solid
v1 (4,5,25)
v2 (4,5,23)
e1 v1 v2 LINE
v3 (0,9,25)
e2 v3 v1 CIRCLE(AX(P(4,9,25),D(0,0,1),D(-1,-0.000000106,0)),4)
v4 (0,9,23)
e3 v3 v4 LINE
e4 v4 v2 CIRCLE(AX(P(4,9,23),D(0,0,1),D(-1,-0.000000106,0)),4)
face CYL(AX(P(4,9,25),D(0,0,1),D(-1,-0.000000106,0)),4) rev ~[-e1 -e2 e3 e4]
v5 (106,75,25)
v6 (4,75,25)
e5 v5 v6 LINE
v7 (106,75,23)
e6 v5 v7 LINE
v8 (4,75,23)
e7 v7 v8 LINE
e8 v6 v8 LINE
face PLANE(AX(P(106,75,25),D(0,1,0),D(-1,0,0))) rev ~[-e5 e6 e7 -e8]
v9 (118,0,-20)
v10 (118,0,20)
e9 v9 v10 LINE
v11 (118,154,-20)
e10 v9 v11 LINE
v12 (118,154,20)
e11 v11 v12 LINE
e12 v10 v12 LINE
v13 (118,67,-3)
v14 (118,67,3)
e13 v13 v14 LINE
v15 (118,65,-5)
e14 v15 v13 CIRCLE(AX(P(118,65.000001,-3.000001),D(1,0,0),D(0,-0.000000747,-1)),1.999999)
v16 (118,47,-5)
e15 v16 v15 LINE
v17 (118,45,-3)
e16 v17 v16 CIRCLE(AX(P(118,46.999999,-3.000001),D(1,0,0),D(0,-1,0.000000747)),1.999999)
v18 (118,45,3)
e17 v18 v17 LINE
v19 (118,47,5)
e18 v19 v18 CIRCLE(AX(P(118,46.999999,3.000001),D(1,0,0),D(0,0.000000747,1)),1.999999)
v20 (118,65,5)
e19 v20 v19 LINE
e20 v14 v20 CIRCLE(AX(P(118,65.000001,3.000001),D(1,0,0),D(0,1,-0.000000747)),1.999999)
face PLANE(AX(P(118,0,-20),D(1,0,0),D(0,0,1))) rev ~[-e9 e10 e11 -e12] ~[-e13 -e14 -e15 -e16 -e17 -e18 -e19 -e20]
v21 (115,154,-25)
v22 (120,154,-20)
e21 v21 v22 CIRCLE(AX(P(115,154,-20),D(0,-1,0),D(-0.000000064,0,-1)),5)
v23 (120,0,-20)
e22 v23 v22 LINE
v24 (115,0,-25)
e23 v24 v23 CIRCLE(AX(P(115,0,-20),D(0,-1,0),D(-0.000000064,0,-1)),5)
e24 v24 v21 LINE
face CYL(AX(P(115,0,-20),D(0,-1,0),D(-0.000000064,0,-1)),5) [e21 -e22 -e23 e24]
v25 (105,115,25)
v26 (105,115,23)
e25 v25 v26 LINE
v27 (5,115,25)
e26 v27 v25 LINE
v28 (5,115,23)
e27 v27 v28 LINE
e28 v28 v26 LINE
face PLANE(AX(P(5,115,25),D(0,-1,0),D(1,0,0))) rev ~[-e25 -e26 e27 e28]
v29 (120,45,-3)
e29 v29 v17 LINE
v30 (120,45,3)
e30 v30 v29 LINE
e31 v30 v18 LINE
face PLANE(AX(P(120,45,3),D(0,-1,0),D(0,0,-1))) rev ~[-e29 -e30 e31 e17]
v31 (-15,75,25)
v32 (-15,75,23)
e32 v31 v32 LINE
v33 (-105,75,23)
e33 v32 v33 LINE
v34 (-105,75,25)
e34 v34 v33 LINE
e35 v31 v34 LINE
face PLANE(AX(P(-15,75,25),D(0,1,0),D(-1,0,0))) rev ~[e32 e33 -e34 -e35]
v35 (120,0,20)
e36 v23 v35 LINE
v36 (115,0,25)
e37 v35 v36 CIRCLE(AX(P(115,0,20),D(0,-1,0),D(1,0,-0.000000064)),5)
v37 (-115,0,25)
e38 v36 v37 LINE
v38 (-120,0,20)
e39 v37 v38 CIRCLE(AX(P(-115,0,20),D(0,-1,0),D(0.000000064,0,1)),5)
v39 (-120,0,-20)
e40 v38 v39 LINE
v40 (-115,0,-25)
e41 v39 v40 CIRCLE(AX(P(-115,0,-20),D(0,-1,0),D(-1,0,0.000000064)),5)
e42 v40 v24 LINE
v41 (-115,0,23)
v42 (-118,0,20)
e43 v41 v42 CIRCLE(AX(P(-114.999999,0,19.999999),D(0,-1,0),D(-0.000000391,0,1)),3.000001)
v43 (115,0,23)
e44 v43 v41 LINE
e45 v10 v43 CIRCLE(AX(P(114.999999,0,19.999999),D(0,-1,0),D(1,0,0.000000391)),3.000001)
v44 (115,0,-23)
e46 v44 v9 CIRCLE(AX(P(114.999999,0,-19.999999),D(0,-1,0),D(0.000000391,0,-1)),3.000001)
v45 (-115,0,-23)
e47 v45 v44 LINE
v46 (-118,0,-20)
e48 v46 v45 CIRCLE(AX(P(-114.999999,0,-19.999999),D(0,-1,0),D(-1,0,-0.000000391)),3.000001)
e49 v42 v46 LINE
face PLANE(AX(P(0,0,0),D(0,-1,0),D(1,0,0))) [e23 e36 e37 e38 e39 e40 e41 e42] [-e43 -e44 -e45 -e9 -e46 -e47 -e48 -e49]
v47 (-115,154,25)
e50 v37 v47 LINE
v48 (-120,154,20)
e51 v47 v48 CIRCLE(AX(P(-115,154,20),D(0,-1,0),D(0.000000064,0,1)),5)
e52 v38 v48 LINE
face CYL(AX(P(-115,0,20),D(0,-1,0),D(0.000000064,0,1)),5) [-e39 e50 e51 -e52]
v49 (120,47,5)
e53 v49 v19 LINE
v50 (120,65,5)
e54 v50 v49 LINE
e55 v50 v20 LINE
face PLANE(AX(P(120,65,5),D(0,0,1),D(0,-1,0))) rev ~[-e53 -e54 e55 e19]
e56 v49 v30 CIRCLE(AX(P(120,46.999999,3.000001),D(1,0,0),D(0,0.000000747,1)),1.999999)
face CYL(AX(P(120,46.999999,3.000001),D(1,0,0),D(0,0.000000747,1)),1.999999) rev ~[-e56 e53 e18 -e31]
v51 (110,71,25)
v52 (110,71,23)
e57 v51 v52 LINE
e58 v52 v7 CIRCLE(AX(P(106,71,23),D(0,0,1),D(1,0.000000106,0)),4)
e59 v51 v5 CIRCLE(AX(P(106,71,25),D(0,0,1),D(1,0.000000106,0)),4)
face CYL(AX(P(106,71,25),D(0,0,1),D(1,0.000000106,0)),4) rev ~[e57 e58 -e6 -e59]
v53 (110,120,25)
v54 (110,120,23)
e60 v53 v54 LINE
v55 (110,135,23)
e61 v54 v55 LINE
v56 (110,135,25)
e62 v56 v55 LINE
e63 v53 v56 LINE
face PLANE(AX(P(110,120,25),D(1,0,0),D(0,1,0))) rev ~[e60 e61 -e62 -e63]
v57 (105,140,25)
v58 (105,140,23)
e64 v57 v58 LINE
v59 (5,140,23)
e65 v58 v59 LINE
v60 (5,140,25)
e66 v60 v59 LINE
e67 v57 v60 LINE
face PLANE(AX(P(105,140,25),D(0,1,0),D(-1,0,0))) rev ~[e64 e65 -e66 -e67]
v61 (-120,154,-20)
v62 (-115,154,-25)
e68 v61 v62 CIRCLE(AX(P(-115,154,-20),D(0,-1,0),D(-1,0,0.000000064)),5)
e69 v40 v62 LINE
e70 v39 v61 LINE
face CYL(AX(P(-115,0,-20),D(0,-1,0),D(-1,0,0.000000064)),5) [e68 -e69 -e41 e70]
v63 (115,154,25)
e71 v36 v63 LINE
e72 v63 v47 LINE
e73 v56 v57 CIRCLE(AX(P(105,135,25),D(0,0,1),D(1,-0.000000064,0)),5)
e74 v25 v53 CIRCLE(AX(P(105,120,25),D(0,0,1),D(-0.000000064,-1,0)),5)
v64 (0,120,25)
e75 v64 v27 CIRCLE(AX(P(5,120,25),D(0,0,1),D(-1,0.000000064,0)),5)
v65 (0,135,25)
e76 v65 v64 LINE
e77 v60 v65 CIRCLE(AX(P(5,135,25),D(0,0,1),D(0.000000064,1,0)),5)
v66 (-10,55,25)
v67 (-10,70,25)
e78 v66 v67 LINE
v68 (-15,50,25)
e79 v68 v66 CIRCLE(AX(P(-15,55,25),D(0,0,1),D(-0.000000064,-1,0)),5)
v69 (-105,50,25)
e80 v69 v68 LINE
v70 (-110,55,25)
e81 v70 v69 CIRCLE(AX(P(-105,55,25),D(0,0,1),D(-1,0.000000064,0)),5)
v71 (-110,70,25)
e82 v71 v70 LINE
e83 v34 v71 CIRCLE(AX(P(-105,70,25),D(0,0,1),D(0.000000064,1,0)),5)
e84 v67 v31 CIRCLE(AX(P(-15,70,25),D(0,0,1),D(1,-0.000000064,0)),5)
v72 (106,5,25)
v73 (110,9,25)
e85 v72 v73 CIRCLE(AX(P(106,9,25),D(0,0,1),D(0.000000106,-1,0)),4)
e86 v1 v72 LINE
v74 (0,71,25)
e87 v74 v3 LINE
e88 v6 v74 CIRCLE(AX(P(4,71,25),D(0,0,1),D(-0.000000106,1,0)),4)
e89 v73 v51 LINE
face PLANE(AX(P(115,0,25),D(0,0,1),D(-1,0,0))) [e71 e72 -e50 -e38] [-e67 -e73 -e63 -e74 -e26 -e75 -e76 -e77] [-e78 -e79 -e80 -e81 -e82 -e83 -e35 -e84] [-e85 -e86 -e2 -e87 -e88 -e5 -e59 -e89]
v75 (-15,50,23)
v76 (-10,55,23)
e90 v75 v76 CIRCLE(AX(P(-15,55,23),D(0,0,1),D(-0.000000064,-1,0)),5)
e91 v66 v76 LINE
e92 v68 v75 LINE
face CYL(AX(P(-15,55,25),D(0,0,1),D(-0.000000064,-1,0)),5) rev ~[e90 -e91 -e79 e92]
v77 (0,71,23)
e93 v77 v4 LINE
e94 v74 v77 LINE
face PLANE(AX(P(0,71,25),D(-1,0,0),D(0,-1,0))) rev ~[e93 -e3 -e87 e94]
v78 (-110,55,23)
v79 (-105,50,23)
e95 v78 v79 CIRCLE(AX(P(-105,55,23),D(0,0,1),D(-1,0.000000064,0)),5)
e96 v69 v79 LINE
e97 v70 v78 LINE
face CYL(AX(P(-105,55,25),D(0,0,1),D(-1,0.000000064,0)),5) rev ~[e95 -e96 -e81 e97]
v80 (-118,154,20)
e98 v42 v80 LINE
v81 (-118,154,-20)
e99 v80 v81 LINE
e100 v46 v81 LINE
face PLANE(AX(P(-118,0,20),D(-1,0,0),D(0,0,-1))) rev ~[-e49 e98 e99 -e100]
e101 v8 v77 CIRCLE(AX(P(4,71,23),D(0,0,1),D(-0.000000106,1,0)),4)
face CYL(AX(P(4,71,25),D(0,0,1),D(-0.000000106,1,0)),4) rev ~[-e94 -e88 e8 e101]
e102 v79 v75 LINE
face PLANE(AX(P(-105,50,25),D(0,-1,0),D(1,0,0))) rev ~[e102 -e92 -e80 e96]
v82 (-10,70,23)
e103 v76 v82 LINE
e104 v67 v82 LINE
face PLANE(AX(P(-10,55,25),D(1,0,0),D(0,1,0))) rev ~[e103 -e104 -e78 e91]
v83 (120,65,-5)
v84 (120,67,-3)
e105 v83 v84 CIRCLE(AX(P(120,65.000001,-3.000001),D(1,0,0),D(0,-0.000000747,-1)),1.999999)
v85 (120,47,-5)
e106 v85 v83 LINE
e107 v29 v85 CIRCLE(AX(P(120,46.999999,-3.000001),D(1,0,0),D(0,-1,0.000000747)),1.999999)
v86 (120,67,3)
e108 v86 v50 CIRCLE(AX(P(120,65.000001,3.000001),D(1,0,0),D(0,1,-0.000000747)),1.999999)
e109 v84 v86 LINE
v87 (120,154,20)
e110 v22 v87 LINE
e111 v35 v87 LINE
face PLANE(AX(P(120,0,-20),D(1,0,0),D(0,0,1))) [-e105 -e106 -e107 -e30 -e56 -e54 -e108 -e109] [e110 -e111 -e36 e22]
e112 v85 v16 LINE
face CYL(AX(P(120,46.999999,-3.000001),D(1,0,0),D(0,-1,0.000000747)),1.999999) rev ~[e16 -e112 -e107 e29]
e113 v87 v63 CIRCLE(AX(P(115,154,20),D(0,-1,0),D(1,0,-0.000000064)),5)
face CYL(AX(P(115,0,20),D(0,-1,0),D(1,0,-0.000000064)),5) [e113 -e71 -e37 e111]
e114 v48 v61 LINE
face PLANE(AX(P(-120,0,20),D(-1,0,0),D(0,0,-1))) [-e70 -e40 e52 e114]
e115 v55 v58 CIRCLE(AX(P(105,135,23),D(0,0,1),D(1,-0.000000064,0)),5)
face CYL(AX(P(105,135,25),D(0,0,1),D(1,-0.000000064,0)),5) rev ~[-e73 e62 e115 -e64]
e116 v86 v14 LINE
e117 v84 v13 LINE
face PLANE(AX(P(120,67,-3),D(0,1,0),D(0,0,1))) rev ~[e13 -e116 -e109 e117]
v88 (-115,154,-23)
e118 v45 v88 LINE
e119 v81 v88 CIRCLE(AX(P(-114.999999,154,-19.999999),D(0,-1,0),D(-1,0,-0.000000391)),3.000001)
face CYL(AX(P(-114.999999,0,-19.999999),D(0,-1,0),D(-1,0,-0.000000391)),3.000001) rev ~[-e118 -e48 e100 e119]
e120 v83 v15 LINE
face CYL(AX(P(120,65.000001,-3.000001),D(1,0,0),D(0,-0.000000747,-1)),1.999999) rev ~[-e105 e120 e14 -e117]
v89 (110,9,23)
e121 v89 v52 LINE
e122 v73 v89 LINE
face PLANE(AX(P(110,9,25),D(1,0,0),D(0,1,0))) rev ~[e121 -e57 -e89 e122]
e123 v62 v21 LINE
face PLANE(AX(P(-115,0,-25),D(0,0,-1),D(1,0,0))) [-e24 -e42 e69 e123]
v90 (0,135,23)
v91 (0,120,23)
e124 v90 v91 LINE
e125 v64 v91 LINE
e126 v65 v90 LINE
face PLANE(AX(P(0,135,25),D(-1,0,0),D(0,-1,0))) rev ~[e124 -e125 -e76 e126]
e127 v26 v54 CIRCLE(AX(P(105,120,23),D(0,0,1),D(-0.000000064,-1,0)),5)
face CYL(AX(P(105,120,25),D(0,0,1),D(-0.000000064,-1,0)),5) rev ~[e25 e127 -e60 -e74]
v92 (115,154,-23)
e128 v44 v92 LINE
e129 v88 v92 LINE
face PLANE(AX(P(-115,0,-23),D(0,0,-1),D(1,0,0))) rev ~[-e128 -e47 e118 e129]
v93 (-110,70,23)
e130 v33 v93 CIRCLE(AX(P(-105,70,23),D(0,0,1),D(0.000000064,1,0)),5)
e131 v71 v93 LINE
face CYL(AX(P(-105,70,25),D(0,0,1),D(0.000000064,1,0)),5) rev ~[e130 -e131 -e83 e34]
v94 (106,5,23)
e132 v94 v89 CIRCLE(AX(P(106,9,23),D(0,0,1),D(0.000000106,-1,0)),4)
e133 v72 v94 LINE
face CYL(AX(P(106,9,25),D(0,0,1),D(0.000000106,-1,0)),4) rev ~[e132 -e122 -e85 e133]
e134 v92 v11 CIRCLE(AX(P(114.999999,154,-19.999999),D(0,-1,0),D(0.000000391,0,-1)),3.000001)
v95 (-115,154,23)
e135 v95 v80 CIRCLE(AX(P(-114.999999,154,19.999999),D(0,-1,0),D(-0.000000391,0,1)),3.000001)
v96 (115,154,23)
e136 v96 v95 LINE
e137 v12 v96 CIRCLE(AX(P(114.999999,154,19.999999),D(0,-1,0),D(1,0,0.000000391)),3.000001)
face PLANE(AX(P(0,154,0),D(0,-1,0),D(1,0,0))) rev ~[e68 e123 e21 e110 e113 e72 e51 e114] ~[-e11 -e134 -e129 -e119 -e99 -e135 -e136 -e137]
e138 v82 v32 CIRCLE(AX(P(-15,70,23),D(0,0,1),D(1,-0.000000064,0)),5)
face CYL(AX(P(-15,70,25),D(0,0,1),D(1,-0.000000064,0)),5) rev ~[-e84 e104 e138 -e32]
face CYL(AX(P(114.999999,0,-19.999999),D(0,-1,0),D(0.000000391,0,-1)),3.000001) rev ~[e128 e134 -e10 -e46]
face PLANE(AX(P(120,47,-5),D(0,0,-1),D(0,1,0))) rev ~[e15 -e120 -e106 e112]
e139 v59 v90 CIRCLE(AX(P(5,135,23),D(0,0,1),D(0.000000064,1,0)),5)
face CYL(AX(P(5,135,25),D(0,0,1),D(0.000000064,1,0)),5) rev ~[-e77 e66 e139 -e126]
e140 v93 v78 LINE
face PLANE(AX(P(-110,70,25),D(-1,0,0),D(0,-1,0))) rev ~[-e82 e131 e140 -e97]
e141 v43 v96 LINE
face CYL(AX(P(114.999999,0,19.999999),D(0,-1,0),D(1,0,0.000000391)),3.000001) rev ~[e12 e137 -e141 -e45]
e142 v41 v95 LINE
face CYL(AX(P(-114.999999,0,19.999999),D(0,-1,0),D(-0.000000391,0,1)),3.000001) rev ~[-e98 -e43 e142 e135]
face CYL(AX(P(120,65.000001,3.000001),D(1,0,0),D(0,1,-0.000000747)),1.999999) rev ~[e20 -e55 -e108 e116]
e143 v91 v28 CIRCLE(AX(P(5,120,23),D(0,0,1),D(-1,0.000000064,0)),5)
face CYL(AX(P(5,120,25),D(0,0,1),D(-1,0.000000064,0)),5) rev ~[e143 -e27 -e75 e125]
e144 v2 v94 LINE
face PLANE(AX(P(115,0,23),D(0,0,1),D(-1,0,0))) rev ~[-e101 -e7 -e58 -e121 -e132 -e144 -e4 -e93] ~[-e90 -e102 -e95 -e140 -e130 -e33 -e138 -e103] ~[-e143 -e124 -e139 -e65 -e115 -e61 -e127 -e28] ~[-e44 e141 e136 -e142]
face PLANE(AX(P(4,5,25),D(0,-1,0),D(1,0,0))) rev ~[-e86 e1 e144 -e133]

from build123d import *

# Parameters (mm, degrees)
PAD001_DEPTH    = 154
POCKET_DEPTH    = 5
POCKET001_DEPTH = 5


with BuildPart() as part:
    # Sketch001 (on XZ_Plane001 of Origin002) → Pad001 (new body)
    with BuildSketch(Plane.XZ):
        with BuildLine():
            Line((-120, 20), (-120, -20))
            ThreePointArc((-120, -20), (-118.535534, -23.535534), (-115, -25))
            Line((-115, -25), (115, -25))
            ThreePointArc((115, -25), (118.535534, -23.535534), (120, -20))
            Line((120, -20), (120, 20))
            ThreePointArc((120, 20), (118.535534, 23.535534), (115, 25))
            Line((115, 25), (-115, 25))
            ThreePointArc((-115, 25), (-118.535534, 23.535534), (-120, 20))
        make_face()
        with BuildLine():
            Line((-118, 20), (-118, -20))
            ThreePointArc((-118, -20), (-117.12132, -22.12132), (-115, -23))
            Line((-115, -23), (115, -23))
            ThreePointArc((115, -23), (117.12132, -22.12132), (118, -20))
            Line((118, -20), (118, 20))
            ThreePointArc((118, 20), (117.12132, 22.12132), (115, 23))
            Line((115, 23), (-115, 23))
            ThreePointArc((-115, 23), (-117.12132, 22.12132), (-118, 20))
        make_face(mode=Mode.SUBTRACT)
    extrude(amount=-PAD001_DEPTH)

    # Sketch003 (on Face7 of Pad001) → Pocket (cut)
    with BuildSketch(Plane.XY.offset(25)):
        with BuildLine():
            Line((106, 75), (4, 75))
            ThreePointArc((4, 75), (1.171573, 73.828427), (0, 71))
            Line((0, 71), (0, 9))
            ThreePointArc((0, 9), (1.171573, 6.171573), (4, 5))
            Line((4, 5), (106, 5))
            ThreePointArc((106, 5), (108.828427, 6.171573), (110, 9))
            Line((110, 9), (110, 71))
            ThreePointArc((110, 71), (108.828427, 73.828427), (106, 75))
        make_face()
        with BuildLine():
            Line((-110, 70), (-110, 55))
            ThreePointArc((-110, 55), (-108.535534, 51.464466), (-105, 50))
            Line((-105, 50), (-15, 50))
            ThreePointArc((-15, 50), (-11.464466, 51.464466), (-10, 55))
            Line((-10, 55), (-10, 70))
            ThreePointArc((-10, 70), (-11.464466, 73.535534), (-15, 75))
            Line((-15, 75), (-105, 75))
            ThreePointArc((-105, 75), (-108.535534, 73.535534), (-110, 70))
        make_face()
        with BuildLine():
            Line((0, 135), (0, 120))
            ThreePointArc((0, 120), (1.464466, 116.464466), (5, 115))
            Line((5, 115), (105, 115))
            ThreePointArc((105, 115), (108.535534, 116.464466), (110, 120))
            Line((110, 120), (110, 135))
            ThreePointArc((110, 135), (108.535534, 138.535534), (105, 140))
            Line((105, 140), (5, 140))
            ThreePointArc((5, 140), (1.464466, 138.535534), (0, 135))
        make_face()
    extrude(amount=-POCKET_DEPTH, mode=Mode.SUBTRACT)

    # Sketch004 (on Face9 of Pocket) → Pocket001 (cut)
    with BuildSketch(Plane.YZ.offset(120)):
        with BuildLine():
            Line((45, 3), (45, -3))
            ThreePointArc((45, -3), (45.585786, -4.414214), (47, -5))
            Line((47, -5), (65, -5))
            ThreePointArc((65, -5), (66.414214, -4.414214), (67, -3))
            Line((67, -3), (67, 3))
            ThreePointArc((67, 3), (66.414214, 4.414214), (65, 5))
            Line((65, 5), (47, 5))
            ThreePointArc((47, 5), (45.585786, 4.414214), (45, 3))
        make_face()
    extrude(amount=-POCKET001_DEPTH, mode=Mode.SUBTRACT)


solid = part.part
